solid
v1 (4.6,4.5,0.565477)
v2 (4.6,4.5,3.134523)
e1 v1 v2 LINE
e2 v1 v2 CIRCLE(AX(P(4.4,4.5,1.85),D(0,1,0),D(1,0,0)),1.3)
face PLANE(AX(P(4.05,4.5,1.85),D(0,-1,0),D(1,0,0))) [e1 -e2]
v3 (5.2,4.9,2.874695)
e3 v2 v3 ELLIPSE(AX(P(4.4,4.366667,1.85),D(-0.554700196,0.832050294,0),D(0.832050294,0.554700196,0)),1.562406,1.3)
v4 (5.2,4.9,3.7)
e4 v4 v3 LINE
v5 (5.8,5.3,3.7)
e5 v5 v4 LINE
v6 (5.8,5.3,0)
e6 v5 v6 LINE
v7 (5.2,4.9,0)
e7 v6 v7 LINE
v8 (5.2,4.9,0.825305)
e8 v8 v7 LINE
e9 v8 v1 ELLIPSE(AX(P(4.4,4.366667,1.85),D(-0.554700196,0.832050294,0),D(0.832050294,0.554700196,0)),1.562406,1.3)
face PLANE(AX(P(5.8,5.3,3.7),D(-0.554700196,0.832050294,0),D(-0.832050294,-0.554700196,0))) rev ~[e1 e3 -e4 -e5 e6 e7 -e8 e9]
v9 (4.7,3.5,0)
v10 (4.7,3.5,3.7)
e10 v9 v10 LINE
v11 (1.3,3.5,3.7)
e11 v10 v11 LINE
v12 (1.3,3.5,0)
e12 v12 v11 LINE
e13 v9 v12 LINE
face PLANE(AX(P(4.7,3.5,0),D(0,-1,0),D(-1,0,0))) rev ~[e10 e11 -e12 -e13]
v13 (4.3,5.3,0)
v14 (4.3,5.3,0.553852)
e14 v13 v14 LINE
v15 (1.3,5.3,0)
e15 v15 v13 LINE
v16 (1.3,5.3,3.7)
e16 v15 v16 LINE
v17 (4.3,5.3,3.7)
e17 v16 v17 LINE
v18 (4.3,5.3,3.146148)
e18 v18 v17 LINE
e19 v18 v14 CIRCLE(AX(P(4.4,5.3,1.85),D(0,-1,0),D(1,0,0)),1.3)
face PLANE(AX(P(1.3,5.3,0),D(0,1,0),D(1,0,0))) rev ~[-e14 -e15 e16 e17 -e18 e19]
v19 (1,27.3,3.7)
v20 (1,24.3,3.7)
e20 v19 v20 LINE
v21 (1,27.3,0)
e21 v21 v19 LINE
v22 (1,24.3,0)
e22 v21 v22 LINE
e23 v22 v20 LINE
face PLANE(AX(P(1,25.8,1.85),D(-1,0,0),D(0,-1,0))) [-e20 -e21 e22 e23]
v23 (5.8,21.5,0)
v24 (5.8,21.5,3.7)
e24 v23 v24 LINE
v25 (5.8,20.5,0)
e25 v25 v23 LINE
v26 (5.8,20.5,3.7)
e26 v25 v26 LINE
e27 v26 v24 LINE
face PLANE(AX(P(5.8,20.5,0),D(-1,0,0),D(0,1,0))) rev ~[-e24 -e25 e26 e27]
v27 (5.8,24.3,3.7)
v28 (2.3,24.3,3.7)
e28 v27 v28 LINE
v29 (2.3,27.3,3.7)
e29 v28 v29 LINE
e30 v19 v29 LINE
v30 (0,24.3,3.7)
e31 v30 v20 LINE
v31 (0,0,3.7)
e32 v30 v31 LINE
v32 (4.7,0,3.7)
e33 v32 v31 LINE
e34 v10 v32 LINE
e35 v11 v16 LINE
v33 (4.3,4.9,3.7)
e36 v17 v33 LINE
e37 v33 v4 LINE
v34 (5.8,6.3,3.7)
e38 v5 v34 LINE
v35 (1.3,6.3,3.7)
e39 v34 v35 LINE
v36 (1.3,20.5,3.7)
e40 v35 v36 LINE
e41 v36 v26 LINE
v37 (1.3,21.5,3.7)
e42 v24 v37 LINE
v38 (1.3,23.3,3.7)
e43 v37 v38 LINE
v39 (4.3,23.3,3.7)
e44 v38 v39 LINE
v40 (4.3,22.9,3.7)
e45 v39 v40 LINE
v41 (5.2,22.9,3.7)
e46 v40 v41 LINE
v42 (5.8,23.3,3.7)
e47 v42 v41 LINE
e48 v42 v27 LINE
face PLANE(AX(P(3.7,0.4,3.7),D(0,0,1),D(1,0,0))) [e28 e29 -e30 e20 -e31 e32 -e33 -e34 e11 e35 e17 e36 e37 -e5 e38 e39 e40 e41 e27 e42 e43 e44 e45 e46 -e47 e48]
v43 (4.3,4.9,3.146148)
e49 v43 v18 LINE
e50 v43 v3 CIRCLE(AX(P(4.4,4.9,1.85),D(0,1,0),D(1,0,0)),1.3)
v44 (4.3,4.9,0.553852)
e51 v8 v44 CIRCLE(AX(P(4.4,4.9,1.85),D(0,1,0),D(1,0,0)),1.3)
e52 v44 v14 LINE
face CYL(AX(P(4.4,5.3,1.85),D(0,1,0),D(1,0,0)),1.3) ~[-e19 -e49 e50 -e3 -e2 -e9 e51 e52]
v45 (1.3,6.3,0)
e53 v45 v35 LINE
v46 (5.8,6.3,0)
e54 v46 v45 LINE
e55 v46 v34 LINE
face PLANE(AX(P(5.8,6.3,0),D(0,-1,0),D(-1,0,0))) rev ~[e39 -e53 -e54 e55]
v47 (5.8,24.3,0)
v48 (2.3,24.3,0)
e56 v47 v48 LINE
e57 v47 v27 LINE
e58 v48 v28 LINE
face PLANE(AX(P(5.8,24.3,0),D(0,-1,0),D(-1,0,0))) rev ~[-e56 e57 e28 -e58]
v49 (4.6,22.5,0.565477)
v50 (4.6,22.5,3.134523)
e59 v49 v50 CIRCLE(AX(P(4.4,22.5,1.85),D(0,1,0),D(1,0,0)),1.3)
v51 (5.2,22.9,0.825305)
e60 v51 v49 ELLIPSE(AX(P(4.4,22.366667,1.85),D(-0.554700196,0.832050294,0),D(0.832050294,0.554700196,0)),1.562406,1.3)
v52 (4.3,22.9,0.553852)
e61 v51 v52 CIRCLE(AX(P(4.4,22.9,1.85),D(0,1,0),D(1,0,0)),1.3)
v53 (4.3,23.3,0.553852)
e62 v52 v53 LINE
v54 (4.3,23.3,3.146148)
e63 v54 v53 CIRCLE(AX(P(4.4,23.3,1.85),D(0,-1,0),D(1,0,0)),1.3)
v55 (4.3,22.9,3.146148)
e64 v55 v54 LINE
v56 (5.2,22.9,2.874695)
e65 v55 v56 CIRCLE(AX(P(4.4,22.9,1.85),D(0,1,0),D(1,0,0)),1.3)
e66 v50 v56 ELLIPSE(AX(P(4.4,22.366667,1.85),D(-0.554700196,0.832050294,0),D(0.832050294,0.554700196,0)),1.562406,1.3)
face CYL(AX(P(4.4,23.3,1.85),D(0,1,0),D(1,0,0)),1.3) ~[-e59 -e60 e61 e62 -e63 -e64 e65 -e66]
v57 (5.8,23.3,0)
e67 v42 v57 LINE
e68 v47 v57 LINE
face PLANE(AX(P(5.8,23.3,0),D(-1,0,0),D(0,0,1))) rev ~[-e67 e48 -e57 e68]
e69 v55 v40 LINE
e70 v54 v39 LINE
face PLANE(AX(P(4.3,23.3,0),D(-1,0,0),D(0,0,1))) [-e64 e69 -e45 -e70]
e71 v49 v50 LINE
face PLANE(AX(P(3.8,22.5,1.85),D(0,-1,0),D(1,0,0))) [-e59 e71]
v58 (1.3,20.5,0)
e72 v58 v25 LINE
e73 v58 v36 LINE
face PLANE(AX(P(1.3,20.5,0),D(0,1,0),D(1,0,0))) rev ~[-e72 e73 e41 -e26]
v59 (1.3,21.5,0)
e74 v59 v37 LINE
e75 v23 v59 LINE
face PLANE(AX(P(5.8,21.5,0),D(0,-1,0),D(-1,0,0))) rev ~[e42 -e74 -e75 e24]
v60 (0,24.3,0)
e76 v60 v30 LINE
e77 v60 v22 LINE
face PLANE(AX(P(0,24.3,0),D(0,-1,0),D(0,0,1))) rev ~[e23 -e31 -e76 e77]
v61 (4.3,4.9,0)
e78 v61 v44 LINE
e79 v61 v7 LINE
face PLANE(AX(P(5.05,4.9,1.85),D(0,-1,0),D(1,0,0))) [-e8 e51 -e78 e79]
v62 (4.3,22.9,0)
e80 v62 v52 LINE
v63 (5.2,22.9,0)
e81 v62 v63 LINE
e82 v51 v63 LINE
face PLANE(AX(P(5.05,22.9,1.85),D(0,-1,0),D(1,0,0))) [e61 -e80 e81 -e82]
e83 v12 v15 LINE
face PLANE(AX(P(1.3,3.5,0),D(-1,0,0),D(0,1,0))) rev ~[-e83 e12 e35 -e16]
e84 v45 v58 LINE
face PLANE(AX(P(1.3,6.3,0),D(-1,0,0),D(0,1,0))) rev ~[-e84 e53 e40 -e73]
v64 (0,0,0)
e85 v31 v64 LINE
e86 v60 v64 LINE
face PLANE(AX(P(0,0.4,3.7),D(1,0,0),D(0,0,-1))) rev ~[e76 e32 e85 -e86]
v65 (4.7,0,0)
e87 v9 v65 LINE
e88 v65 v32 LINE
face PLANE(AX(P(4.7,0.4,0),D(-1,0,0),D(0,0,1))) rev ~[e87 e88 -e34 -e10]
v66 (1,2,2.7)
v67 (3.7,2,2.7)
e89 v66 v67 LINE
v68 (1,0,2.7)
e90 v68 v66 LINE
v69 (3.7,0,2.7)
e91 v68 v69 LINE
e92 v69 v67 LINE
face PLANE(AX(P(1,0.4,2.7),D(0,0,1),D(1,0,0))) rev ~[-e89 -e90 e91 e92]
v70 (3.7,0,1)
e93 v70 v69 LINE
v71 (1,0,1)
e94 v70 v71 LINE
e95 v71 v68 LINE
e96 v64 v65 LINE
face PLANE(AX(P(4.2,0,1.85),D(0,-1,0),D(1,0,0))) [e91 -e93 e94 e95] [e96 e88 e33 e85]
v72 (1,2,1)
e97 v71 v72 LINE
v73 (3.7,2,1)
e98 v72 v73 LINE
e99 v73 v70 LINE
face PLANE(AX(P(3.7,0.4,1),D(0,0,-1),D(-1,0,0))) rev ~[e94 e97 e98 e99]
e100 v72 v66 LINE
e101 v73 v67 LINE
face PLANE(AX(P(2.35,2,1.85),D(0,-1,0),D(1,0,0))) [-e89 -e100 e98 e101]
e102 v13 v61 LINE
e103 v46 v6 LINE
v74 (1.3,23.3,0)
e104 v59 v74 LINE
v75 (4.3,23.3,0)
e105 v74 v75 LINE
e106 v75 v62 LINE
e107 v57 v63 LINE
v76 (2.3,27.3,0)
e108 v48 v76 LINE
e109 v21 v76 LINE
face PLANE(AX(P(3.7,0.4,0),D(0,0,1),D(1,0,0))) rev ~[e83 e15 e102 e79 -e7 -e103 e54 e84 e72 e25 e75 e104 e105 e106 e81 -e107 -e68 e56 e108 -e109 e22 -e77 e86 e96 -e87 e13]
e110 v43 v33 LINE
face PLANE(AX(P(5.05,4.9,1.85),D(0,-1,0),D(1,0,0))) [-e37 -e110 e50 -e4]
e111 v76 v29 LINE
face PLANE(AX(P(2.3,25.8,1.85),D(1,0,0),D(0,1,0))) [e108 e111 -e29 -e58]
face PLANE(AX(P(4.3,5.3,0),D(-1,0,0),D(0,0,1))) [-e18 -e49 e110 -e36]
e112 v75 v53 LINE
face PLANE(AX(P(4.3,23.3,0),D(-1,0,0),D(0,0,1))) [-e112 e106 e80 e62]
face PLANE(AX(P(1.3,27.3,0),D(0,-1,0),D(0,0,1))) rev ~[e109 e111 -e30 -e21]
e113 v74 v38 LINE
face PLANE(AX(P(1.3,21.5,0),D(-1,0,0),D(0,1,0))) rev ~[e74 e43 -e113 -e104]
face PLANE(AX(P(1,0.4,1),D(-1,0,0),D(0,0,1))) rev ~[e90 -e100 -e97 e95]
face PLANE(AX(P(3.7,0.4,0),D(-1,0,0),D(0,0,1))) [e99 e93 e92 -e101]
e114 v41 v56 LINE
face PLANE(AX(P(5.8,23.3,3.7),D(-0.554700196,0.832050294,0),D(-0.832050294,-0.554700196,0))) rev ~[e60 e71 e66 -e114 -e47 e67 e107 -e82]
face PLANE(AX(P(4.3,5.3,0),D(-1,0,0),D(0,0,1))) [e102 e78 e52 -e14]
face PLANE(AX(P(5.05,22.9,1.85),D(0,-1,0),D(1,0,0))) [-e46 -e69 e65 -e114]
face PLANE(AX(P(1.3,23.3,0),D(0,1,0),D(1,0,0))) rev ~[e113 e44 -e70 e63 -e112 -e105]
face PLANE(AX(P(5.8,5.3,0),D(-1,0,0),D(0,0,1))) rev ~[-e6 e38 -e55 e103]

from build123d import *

# Parameters (mm, degrees)
PAD_DEPTH       = 3.7
SKETCH001_W     = 2.7
SKETCH001_H     = 1.7
POCKET_DEPTH    = 2
SKETCH002_R     = 1.3
PAD001_DEPTH    = 1
SKETCH003_W     = 1.5
SKETCH003_H     = 3.7
PAD002_DEPTH    = 0.4
POCKET001_DEPTH = 5
SKETCH005_R     = 1.3
PAD003_DEPTH    = 1
SKETCH006_W     = 1.5
SKETCH006_H     = 3.7
PAD004_DEPTH    = 0.4
POCKET002_DEPTH = 5
SKETCH008_W     = 4.7
SKETCH008_H     = 3.7
POCKET003_DEPTH = 0.4
SKETCH009_W     = 1.3
SKETCH009_H     = 3.7
POCKET004_DEPTH = 0.7
SKETCH010_W     = 2.5
SKETCH010_H     = 3.592296
POCKET005_DEPTH = 0.2
SKETCH011_W     = 2
SKETCH011_H     = 3.592296
POCKET006_DEPTH = 0.2
SKETCH012_W     = 3
SKETCH012_H     = 3.7
PAD005_DEPTH    = 1
SKETCH013_W     = 3
SKETCH013_H     = 3.7
POCKET007_DEPTH = 1
PAD006_DEPTH    = 0.4
SKETCH015_W     = 1
SKETCH015_H     = 3.7
PAD007_DEPTH    = 0.4


with BuildPart() as part:
    # Sketch → Pad (new body)
    with BuildSketch(Plane.XY):
        Polygon((0, 28), (0, 0), (4.7, 0), (4.7, 3.5), (1.3, 3.5), (1.3, 5.3), (5.8, 5.3), (5.8, 6.3), (1.3, 6.3), (1.3, 20.5), (5.8, 20.5), (5.8, 21.5), (1.3, 21.5), (1.3, 23.3), (5.8, 23.3), (5.8, 24.3), (1.3, 24.3), (1.3, 28), align=None)
    extrude(amount=PAD_DEPTH)

    # Sketch001 → Pocket (cut)
    with BuildSketch(Plane.XZ):
        with Locations((2.35, 1.85)):
            Rectangle(SKETCH001_W, SKETCH001_H)
    extrude(amount=-POCKET_DEPTH, mode=Mode.SUBTRACT)

    # Sketch002 → Pad001 (new body)
    with BuildSketch(Plane.XZ.offset(-5.3)):
        with Locations((4.4, 1.85)):
            Circle(SKETCH002_R)
    extrude(amount=PAD001_DEPTH)

    # Sketch003 → Pad002 (new body)
    with BuildSketch(Plane.XZ.offset(-5.3)):
        with Locations((5.05, 1.85)):
            Rectangle(SKETCH003_W, SKETCH003_H)
    extrude(amount=PAD002_DEPTH)

    # Sketch004 → Pocket001 (cut)
    with BuildSketch(Plane.XY.offset(3.7)):
        Polygon((5.8, 5.3), (4.3, 4.3), (5.8, 4.3), align=None)
    extrude(amount=-POCKET001_DEPTH, mode=Mode.SUBTRACT)

    # Sketch005 → Pad003 (new body)
    with BuildSketch(Plane.XZ.offset(-23.3)):
        with Locations((4.4, 1.85)):
            Circle(SKETCH005_R)
    extrude(amount=PAD003_DEPTH)

    # Sketch006 → Pad004 (new body)
    with BuildSketch(Plane.XZ.offset(-23.3)):
        with Locations((5.05, 1.85)):
            Rectangle(SKETCH006_W, SKETCH006_H)
    extrude(amount=PAD004_DEPTH)

    # Sketch007 → Pocket002 (cut)
    with BuildSketch(Plane.XY.offset(3.7)):
        Polygon((5.8, 23.3), (4.3, 22.3), (5.8, 22.3), align=None)
    extrude(amount=-POCKET002_DEPTH, mode=Mode.SUBTRACT)

    # Sketch008 → Pocket003 (cut)
    with BuildSketch(Plane.XZ):
        with Locations((2.35, 1.85)):
            Rectangle(SKETCH008_W, SKETCH008_H)
    extrude(amount=-POCKET003_DEPTH, mode=Mode.SUBTRACT)

    # Sketch009 → Pocket004 (cut)
    with BuildSketch(Plane(origin=(0, 28, 0), x_dir=(-1, 0, 0), z_dir=(0, 1, 0))):
        with Locations((-0.65, 1.85)):
            Rectangle(SKETCH009_W, SKETCH009_H)
    extrude(amount=-POCKET004_DEPTH, mode=Mode.SUBTRACT)

    # Sketch010 → Pocket005 (cut)
    with BuildSketch(Plane.XZ.offset(-4.3)):
        with Locations((4.05, 1.85)):
            Rectangle(SKETCH010_W, SKETCH010_H)
    extrude(amount=-POCKET005_DEPTH, mode=Mode.SUBTRACT)

    # Sketch011 → Pocket006 (cut)
    with BuildSketch(Plane.XZ.offset(-22.3)):
        with Locations((3.8, 1.85)):
            Rectangle(SKETCH011_W, SKETCH011_H)
    extrude(amount=-POCKET006_DEPTH, mode=Mode.SUBTRACT)

    # Sketch012 → Pad005 (new body)
    with BuildSketch(Plane.YZ.offset(1.3)):
        with Locations((25.8, 1.85)):
            Rectangle(SKETCH012_W, SKETCH012_H)
    extrude(amount=PAD005_DEPTH)

    # Sketch013 → Pocket007 (cut)
    with BuildSketch(Plane(origin=(0, 0, 0), x_dir=(0, -1, 0), z_dir=(-1, 0, 0))):
        with Locations((-25.8, 1.85)):
            Rectangle(SKETCH013_W, SKETCH013_H)
    extrude(amount=-POCKET007_DEPTH, mode=Mode.SUBTRACT)

    # Sketch014 → Pad006 (new body)
    with BuildSketch(Plane.XZ.offset(-0.4)):
        Polygon((3.7, 2.7), (3.7, 3.7), (0, 3.7), (0, 0), (3.7, 0), (3.7, 1), (1, 1), (1, 2.7), align=None)
    extrude(amount=PAD006_DEPTH)

    # Sketch015 → Pad007 (new body)
    with BuildSketch(Plane.XZ.offset(-0.4)):
        with Locations((4.2, 1.85)):
            Rectangle(SKETCH015_W, SKETCH015_H)
    extrude(amount=PAD007_DEPTH)


solid = part.part
